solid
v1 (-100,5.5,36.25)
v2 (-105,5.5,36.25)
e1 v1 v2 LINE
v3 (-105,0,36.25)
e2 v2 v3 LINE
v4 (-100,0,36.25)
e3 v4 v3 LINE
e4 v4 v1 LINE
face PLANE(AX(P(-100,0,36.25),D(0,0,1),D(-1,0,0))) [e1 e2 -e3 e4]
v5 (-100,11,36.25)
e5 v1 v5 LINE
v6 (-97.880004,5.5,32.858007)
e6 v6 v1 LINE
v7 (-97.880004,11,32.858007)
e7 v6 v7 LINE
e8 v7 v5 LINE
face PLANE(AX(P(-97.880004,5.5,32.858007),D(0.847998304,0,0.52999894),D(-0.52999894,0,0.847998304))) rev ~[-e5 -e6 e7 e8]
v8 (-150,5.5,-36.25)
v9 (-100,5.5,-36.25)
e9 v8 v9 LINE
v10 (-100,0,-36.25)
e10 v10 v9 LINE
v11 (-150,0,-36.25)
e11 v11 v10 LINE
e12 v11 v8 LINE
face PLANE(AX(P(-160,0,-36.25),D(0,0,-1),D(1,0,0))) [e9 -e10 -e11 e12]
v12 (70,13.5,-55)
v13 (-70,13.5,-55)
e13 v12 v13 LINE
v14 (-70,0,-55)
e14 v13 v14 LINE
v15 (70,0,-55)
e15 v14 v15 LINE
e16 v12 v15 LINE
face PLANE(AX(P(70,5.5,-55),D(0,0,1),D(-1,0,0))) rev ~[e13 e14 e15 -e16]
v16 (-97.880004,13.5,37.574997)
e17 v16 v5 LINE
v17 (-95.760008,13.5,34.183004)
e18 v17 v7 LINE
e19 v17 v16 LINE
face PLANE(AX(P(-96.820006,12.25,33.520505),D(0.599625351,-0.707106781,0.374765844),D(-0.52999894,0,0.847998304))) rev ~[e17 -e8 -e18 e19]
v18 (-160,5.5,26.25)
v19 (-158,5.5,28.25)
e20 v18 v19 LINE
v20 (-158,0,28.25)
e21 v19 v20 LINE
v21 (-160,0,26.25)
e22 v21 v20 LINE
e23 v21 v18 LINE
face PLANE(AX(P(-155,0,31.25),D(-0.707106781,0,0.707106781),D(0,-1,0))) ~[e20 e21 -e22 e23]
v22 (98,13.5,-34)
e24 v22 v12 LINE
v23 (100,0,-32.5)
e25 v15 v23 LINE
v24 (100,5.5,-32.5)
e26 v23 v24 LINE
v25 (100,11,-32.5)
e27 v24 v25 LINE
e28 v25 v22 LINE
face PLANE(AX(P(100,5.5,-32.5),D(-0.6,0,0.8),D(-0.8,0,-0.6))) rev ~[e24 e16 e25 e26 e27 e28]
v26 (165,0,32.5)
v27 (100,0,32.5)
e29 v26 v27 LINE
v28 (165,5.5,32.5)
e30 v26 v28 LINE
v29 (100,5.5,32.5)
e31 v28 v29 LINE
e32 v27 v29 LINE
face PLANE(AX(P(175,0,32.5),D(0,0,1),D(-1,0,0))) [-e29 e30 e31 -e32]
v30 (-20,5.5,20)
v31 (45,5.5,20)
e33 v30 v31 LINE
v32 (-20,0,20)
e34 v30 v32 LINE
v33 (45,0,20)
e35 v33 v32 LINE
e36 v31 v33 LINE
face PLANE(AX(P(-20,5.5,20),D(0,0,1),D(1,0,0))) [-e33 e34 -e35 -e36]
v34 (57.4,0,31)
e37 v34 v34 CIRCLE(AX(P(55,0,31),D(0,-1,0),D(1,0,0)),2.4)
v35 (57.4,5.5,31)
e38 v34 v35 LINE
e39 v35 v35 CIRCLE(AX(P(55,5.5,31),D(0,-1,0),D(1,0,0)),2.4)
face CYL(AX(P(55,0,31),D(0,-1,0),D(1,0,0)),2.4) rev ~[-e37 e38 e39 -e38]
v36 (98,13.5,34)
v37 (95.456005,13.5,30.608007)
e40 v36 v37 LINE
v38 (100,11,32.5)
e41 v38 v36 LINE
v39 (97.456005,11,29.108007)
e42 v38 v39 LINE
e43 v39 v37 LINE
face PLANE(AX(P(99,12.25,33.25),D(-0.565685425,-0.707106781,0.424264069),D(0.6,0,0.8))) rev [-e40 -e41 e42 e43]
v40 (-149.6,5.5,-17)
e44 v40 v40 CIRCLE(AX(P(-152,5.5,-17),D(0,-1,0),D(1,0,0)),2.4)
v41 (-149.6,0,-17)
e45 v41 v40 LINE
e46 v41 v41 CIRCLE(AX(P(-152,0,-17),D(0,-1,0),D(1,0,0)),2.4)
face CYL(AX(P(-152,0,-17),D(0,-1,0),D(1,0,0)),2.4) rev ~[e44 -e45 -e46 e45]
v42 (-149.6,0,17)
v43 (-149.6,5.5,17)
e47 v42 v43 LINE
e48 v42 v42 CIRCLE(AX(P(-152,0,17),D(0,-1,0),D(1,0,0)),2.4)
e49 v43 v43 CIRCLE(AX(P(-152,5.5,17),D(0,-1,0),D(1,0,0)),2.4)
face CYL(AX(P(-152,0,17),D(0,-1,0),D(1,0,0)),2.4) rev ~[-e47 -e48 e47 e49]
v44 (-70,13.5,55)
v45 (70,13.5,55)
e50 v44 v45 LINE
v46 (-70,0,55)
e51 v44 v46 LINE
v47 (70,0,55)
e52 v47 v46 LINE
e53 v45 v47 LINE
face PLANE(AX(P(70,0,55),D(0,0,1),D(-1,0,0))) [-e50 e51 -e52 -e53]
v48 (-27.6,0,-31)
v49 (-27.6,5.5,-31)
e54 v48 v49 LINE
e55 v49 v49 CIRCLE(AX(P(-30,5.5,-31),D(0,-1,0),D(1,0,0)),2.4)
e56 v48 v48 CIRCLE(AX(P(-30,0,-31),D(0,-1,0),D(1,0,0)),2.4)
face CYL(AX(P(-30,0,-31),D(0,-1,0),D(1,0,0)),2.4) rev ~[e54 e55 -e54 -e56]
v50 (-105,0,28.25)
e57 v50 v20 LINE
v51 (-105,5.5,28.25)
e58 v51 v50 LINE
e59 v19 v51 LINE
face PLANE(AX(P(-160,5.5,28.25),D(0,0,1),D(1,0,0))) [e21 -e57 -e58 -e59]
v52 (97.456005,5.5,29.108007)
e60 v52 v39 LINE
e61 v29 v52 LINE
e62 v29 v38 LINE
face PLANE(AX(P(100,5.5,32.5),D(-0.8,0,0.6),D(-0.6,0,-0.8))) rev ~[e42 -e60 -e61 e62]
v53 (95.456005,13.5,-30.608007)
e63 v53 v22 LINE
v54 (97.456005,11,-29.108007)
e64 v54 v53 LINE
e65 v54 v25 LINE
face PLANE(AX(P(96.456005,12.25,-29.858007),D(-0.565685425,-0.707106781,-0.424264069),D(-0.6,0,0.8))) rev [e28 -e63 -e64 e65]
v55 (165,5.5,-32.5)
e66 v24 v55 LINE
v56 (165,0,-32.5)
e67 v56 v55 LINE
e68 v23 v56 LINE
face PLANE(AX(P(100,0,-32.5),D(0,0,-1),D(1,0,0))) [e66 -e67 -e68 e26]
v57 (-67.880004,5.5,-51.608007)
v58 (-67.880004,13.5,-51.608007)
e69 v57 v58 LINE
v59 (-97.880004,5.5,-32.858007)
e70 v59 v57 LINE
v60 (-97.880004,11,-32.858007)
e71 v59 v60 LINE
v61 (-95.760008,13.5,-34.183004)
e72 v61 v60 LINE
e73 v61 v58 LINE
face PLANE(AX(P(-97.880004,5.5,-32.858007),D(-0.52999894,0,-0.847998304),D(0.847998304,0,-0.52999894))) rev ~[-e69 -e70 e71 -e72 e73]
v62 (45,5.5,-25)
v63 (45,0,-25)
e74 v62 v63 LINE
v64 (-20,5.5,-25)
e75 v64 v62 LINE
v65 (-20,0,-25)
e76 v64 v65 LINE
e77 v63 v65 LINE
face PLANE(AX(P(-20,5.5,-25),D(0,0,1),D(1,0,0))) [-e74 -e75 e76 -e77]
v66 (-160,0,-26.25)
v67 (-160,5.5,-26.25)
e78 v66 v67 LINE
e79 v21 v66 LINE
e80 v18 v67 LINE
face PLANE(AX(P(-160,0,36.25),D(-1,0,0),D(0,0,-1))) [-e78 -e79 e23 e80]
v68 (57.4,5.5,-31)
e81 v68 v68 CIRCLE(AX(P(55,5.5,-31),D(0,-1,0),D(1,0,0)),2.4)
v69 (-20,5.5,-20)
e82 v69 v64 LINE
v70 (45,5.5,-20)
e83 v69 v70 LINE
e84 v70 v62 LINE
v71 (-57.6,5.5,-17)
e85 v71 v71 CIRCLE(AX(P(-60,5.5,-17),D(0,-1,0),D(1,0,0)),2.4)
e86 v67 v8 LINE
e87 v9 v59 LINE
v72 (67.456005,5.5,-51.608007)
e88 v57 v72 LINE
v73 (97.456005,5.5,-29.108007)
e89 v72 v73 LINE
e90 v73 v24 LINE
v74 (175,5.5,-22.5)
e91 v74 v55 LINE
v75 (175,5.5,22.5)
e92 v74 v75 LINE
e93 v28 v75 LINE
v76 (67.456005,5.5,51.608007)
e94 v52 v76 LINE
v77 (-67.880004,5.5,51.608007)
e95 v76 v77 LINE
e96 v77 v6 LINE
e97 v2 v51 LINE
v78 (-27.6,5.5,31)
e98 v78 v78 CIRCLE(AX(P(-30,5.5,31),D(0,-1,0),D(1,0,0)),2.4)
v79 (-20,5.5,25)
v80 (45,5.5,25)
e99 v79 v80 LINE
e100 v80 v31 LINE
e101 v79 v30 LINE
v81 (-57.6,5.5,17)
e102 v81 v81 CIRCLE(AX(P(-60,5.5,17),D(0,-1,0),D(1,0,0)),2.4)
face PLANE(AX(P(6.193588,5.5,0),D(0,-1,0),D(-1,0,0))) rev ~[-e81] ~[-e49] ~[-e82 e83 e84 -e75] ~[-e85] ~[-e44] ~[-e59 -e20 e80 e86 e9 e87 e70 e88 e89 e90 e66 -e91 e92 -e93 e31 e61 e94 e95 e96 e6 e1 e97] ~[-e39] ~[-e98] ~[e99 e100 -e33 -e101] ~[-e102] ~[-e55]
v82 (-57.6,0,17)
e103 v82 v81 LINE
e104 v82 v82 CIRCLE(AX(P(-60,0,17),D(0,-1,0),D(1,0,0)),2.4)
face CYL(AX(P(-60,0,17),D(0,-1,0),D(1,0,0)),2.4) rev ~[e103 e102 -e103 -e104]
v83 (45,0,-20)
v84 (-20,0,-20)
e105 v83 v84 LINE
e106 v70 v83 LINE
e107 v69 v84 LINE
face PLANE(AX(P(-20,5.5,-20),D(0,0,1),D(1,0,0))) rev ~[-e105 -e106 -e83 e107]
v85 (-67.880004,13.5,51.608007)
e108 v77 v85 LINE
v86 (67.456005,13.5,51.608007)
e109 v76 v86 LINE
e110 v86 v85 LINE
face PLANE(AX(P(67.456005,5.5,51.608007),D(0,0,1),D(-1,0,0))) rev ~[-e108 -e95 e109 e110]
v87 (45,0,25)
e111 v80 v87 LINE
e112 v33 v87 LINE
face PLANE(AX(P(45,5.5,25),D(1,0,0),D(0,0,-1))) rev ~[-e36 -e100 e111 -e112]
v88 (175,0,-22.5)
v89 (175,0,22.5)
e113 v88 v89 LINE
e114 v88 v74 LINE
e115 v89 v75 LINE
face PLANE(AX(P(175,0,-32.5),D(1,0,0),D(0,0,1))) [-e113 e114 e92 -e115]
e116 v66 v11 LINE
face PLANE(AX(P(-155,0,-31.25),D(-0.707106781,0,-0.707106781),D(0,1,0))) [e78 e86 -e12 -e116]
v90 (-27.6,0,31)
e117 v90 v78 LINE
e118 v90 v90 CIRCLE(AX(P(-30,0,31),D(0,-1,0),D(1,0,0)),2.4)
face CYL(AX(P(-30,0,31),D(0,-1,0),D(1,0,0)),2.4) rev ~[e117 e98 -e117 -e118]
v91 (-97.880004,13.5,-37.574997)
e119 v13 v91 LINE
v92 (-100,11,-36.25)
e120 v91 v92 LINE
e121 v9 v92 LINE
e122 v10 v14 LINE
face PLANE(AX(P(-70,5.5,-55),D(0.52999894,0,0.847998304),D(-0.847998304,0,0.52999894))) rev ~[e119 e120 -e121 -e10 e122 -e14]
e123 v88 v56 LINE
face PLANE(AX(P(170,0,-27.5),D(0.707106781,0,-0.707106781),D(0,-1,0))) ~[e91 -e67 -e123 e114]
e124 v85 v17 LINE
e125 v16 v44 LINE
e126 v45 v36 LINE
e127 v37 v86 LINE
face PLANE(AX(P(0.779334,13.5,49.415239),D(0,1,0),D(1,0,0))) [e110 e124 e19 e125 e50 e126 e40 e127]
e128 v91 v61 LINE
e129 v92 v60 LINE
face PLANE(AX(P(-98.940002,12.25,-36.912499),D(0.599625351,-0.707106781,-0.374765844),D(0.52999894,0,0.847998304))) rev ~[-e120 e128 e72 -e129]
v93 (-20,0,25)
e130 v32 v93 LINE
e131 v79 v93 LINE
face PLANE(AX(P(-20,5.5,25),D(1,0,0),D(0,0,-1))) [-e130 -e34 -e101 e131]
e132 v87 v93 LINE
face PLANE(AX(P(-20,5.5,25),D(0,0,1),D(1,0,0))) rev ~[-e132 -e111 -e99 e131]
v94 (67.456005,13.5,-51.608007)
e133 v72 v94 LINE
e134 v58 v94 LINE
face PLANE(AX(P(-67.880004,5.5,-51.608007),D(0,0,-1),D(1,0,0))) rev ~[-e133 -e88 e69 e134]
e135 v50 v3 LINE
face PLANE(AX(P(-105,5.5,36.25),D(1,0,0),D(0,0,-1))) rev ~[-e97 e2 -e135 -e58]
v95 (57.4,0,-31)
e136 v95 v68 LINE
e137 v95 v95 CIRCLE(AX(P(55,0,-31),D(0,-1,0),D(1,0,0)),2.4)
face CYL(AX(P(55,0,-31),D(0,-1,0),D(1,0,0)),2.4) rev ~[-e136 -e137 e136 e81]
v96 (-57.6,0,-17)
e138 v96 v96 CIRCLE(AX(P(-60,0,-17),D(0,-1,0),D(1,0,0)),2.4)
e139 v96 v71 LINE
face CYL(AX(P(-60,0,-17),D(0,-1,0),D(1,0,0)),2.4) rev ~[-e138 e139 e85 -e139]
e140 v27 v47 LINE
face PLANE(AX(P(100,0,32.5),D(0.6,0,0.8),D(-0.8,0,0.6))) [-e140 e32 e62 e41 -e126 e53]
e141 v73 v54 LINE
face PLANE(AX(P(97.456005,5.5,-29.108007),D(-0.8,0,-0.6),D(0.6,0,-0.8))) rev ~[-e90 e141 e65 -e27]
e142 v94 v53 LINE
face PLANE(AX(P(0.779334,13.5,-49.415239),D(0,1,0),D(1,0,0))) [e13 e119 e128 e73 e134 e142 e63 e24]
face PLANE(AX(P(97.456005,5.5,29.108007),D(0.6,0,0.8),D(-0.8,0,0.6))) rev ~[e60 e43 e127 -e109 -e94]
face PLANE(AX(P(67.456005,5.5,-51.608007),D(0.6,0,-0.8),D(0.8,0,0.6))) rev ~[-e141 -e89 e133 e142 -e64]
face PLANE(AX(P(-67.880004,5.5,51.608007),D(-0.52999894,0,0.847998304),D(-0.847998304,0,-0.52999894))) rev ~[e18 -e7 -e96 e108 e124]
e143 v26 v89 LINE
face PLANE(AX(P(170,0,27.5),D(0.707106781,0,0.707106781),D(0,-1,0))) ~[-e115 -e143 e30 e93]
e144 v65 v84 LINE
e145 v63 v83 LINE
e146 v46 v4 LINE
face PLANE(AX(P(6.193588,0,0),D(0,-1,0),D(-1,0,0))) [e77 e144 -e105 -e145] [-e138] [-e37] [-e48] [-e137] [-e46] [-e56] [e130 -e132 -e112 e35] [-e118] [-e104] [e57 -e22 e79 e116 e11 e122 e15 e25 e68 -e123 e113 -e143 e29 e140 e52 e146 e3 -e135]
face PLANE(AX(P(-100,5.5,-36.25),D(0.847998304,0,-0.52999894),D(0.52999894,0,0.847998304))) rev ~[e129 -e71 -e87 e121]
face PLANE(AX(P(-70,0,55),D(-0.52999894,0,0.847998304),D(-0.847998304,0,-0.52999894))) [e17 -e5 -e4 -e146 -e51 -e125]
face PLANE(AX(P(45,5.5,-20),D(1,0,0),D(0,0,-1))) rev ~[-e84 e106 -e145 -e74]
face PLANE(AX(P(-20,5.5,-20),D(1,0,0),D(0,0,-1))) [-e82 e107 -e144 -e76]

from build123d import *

# Parameters (mm, degrees)
BOSS_EXTRUDE1_DEPTH  = 5.5
CHASSIS_WALLS1_DEPTH = 8
CHAMFER1_SIZE        = 10
CHAMFER2_SIZE        = 10
CHAMFER3_SIZE        = 2.5
SKETCH4_R            = 2.4
CUT_EXTRUDE1_DEPTH   = 10
SKETCH5_W            = 55
SKETCH5_H            = 8
CUT_EXTRUDE2_DEPTH   = 10
SKETCH6_W            = 65
SKETCH6_H            = 5
CUT_EXTRUDE3_DEPTH   = 6.5


with BuildPart() as part:
    # Sketch1 → Boss-Extrude1 (new body)
    with BuildSketch(Plane(origin=(0, 0, 0), x_dir=(1, 0, 0), z_dir=(0, 1, 0))):
        Polygon((-100, 36.25), (-70, 55), (70, 55), (100, 32.5), (175, 32.5), (175, -32.5), (100, -32.5), (70, -55), (-70, -55), (-100, -36.25), (-160, -36.25), (-160, 36.25), align=None)
    extrude(amount=BOSS_EXTRUDE1_DEPTH)

    # Sketch3 → Chassis-Walls1 (add)
    with BuildSketch(Plane(origin=(0, 5.5, 0), x_dir=(1, 0, 0), z_dir=(0, 1, 0))):
        Polygon((0, 55), (-70, 55), (-100, 36.25), (-97.88000424, 32.858006784), (-67.88000424, 51.608006784), (0, 51.608006784), (67.456005088, 51.608006784), (97.456005088, 29.108006784), (100, 32.5), (70, 55), align=None)
        Polygon((67.456005088, -51.608006784), (0, -51.608006784), (-67.88000424, -51.608006784), (-97.88000424, -32.858006784), (-100, -36.25), (-70, -55), (0, -55), (70, -55), (100, -32.5), (97.456005088, -29.108006784), align=None)
    extrude(amount=CHASSIS_WALLS1_DEPTH)

    # Chamfer1
    chamfer1_edges = [part.edges().sort_by_distance(p)[0] for p in [
        (-160, 2.75, 36.25),
        (-160, 2.75, -36.25),
    ]]
    chamfer(chamfer1_edges, length=CHAMFER1_SIZE)

    # Chamfer2
    chamfer2_edges = [part.edges().sort_by_distance(p)[0] for p in [
        (175, 2.75, -32.5),
        (175, 2.75, 32.5),
    ]]
    chamfer(chamfer2_edges, length=CHAMFER2_SIZE)

    # Chamfer3
    chamfer3_edges = [part.edges().sort_by_distance(p)[0] for p in [
        (-98.94000212, 13.5, -34.554003392),
        (98.728002544, 13.5, -30.804003392),
        (-98.94000212, 13.5, 34.554003392),
        (98.728002544, 13.5, 30.804003392),
    ]]
    chamfer(chamfer3_edges, length=CHAMFER3_SIZE)

    # Sketch4 → Cut-Extrude1 (cut)
    with BuildSketch(Plane.XZ):
        with Locations((-152, 17)):
            Circle(SKETCH4_R)
        with Locations((-60, 17)):
            Circle(SKETCH4_R)
        with Locations((-60, -17)):
            Circle(SKETCH4_R)
        with Locations((-152, -17)):
            Circle(SKETCH4_R)
        with Locations((-30, 31)):
            Circle(SKETCH4_R)
        with Locations((55, 31)):
            Circle(SKETCH4_R)
        with Locations((55, -31)):
            Circle(SKETCH4_R)
        with Locations((-30, -31)):
            Circle(SKETCH4_R)
    extrude(amount=-CUT_EXTRUDE1_DEPTH, mode=Mode.SUBTRACT)

    # Sketch5 → Cut-Extrude2 (cut)
    with BuildSketch(Plane(origin=(0, 5.5, 0), x_dir=(1, 0, 0), z_dir=(0, 1, 0))):
        with Locations((-132.5, -32.25)):
            Rectangle(SKETCH5_W, SKETCH5_H)
    extrude(amount=-CUT_EXTRUDE2_DEPTH, mode=Mode.SUBTRACT)

    # Sketch6 → Cut-Extrude3 (cut, through all)
    with BuildSketch(Plane(origin=(0, 5.5, 0), x_dir=(1, 0, 0), z_dir=(0, 1, 0))):
        with Locations((12.5, 22.5)):
            Rectangle(SKETCH6_W, SKETCH6_H)
        with Locations((12.5, -22.5)):
            Rectangle(SKETCH6_W, SKETCH6_H)
    extrude(amount=-CUT_EXTRUDE3_DEPTH, mode=Mode.SUBTRACT)


solid = part.part
